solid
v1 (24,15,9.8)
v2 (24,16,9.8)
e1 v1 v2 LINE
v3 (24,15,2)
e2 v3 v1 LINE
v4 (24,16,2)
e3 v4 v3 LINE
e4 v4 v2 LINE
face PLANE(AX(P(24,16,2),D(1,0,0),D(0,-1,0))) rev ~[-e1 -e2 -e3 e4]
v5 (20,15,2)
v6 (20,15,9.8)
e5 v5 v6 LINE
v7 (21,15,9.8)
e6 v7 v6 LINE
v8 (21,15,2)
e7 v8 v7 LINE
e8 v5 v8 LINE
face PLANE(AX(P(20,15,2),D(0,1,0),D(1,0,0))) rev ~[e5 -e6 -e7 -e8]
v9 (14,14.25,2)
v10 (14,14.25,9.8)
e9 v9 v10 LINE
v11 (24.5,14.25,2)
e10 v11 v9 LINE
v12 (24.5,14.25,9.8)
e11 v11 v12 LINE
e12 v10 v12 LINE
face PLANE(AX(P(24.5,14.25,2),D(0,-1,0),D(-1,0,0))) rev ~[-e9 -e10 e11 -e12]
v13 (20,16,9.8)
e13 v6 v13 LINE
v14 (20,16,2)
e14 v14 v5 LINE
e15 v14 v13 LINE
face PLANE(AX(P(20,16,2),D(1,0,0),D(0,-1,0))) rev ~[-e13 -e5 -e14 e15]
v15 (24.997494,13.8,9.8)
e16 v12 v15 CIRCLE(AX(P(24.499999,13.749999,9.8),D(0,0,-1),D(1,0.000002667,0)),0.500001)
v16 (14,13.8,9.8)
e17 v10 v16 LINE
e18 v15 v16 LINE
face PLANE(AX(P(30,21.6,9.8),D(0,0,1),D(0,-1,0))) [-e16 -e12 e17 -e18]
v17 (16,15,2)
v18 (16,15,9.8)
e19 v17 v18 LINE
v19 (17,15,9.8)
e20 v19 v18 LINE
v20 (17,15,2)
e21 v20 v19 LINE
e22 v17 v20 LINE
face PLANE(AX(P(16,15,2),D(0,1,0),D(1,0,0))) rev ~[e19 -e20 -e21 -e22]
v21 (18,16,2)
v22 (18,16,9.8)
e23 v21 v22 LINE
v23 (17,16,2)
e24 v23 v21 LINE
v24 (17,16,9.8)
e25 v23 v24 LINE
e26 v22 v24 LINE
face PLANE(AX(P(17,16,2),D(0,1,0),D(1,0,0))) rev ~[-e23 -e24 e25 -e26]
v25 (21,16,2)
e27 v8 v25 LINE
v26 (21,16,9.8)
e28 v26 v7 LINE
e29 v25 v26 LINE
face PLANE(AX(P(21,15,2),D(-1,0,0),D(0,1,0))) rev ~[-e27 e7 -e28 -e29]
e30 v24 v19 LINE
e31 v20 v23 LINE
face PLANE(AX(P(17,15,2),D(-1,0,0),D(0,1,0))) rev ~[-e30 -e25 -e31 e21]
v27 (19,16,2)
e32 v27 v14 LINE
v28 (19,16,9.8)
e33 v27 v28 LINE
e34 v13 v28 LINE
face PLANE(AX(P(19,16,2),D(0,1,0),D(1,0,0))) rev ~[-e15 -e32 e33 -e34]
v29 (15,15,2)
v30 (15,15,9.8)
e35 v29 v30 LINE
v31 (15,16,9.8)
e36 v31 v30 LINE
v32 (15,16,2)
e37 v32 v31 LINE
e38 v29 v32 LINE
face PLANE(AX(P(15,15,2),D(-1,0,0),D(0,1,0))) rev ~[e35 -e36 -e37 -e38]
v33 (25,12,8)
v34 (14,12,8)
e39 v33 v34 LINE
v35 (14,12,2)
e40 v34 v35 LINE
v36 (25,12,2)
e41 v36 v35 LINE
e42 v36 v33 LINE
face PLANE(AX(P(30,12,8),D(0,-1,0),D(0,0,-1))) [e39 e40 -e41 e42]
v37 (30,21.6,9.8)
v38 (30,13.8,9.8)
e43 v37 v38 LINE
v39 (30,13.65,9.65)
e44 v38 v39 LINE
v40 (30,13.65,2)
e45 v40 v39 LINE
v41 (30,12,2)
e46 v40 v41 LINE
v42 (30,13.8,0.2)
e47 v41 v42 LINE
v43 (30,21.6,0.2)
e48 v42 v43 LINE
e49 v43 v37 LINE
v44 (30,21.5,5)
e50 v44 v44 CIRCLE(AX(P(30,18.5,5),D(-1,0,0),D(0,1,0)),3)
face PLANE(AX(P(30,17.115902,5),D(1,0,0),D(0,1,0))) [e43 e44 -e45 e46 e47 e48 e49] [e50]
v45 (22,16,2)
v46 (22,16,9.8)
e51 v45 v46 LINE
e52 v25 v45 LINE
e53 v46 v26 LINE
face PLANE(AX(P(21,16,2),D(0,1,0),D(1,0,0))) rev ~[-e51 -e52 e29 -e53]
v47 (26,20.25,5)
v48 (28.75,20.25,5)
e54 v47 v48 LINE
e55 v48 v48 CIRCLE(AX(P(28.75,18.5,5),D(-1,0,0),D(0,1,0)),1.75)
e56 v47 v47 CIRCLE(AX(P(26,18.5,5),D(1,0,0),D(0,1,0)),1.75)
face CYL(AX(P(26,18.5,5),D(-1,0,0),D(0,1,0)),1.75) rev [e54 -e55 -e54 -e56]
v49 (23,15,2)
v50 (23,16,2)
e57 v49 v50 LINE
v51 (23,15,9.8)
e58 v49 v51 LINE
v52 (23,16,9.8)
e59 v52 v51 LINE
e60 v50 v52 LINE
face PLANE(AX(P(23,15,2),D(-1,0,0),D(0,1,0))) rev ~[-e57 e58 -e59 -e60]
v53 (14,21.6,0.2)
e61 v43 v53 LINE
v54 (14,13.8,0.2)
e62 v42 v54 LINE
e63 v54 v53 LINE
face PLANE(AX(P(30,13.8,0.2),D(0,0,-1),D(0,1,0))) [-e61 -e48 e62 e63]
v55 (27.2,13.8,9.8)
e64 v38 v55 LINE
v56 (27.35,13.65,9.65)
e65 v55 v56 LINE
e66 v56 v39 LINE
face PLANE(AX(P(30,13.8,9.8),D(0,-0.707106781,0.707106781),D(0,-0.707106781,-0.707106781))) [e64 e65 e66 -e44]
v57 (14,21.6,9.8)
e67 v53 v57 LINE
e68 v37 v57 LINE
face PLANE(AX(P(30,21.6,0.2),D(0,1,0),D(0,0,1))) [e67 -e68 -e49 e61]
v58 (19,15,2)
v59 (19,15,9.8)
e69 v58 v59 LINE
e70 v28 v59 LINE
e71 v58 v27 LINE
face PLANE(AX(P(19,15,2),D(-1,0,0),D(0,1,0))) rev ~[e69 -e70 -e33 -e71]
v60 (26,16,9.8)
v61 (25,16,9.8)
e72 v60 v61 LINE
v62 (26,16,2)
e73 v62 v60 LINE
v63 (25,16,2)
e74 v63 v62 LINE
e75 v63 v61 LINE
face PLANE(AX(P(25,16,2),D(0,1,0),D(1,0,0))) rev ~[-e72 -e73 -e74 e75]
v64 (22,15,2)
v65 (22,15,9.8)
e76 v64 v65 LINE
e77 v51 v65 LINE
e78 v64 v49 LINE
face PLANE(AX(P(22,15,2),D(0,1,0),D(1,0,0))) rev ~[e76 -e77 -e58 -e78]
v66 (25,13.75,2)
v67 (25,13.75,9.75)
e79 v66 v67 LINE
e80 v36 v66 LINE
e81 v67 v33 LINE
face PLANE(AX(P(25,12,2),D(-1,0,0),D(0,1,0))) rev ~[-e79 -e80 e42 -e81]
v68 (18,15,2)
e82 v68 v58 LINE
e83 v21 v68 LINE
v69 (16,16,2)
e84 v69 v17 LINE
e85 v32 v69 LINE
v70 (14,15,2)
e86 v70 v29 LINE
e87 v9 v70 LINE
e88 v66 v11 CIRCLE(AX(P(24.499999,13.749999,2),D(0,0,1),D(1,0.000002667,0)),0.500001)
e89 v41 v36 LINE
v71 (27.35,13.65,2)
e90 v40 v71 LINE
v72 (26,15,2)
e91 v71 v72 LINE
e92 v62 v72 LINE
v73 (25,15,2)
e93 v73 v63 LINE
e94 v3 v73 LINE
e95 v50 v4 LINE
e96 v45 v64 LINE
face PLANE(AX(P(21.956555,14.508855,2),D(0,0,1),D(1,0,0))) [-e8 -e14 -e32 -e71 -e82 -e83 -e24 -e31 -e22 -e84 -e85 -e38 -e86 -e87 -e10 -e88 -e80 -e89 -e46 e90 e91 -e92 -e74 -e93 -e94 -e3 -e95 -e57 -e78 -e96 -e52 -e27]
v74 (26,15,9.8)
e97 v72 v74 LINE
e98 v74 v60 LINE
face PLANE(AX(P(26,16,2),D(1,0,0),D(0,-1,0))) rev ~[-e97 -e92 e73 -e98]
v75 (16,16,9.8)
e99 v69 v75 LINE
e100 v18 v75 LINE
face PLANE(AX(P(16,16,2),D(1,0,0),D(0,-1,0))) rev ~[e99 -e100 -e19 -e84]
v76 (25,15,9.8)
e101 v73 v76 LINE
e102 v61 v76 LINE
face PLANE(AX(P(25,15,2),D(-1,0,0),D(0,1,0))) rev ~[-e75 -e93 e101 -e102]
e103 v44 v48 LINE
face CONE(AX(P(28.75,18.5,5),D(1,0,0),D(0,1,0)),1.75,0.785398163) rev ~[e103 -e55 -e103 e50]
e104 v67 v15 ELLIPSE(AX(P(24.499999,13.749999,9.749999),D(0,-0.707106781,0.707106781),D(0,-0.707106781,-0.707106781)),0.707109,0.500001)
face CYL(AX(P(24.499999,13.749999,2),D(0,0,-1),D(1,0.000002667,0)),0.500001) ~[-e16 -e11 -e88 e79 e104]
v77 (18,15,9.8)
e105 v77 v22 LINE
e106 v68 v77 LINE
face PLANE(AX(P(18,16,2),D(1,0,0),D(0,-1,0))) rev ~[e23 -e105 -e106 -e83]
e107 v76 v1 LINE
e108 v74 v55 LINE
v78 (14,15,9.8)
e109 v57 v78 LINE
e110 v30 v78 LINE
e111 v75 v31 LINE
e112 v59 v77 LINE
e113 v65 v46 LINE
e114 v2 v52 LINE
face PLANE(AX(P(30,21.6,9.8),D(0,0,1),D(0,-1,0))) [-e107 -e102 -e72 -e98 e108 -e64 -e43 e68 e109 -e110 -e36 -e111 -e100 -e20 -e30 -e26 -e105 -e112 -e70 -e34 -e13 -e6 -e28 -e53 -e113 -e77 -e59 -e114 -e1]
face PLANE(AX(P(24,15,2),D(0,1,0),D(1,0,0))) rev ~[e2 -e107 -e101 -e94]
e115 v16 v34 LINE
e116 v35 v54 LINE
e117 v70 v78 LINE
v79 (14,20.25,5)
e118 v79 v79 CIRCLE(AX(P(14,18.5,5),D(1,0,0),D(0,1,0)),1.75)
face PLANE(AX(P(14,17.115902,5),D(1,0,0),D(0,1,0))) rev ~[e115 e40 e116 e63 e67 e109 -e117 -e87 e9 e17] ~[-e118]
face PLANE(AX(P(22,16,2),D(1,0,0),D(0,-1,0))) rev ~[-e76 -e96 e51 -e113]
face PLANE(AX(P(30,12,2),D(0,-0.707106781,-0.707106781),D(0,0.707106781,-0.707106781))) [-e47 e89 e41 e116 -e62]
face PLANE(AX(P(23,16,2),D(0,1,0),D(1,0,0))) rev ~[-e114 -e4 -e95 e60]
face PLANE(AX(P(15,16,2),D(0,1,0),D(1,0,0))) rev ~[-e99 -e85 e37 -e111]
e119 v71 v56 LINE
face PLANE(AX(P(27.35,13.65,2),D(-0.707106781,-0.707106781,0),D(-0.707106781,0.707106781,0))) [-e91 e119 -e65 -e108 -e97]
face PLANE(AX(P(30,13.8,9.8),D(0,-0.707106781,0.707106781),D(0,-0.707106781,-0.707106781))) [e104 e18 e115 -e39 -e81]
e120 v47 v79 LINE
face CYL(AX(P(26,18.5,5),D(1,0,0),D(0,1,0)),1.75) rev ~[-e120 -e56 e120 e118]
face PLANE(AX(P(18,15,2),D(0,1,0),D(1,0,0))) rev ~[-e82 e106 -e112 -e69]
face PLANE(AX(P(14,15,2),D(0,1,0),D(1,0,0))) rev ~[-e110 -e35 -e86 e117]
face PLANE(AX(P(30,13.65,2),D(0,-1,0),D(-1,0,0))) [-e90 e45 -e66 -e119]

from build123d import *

# Parameters (mm, degrees)
PAD021_DEPTH         = 16
SKETCH081_R          = 1.75
POCKET038_DEPTH      = 12.001
POCKET038_DEPTH_BACK = 4.001
POCKET181_DEPTH      = 7.801
CHAMFER006_SIZE      = 1.25


with BuildPart() as part:
    # Sketch078 → Pad021 (new body)
    with BuildSketch(Plane.YZ):
        Polygon((0, 3), (0, -3), (1.8, -4.8), (9.6, -4.8), (9.6, 4.8), (1.8, 4.8), align=None)
    extrude(amount=-PAD021_DEPTH)

    # Sketch081 → Pocket038 (cut, two sides)
    with BuildSketch(Plane.YZ.offset(-4)) as pocket038_sk:
        with Locations((6.5, 0)):
            Circle(SKETCH081_R)
    extrude(amount=-POCKET038_DEPTH, mode=Mode.SUBTRACT)
    extrude(pocket038_sk.sketch, amount=POCKET038_DEPTH_BACK, mode=Mode.SUBTRACT)

    # Sketch079 → Pocket181 (cut, through all)
    with BuildSketch(Plane.XY.offset(-3)):
        with BuildLine():
            Line((0, 1.65), (-2.65, 1.65))
            Line((-2.65, 1.65), (-4, 3))
            Line((-4, 4), (-4, 3))
            Line((-5, 4), (-4, 4))
            Line((-5, 3), (-5, 4))
            Line((-6, 3), (-5, 3))
            Line((-6, 4), (-6, 3))
            Line((-7, 4), (-6, 4))
            Line((-7, 3), (-7, 4))
            Line((-8, 3), (-7, 3))
            Line((-8, 4), (-8, 3))
            Line((-9, 4), (-8, 4))
            Line((-9, 3), (-9, 4))
            Line((-10, 3), (-9, 3))
            Line((-10, 4), (-10, 3))
            Line((-11, 4), (-10, 4))
            Line((-11, 3), (-11, 4))
            Line((-12, 3), (-11, 3))
            Line((-12, 4), (-12, 3))
            Line((-13, 4), (-12, 4))
            Line((-13, 3), (-13, 4))
            Line((-14, 3), (-13, 3))
            Line((-14, 4), (-14, 3))
            Line((-15, 4), (-14, 4))
            Line((-15, 3), (-15, 4))
            Line((-16, 3), (-15, 3))
            Line((-16, 2.25), (-16, 3))
            Line((-5.5, 2.25), (-16, 2.25))
            ThreePointArc((-5, 1.75), (-5.146447, 2.103553), (-5.5, 2.25))
            Line((-5, 0), (-5, 1.75))
            Line((0, 0), (-5, 0))
            Line((0, 1.65), (0, 0))
        make_face()
    extrude(amount=POCKET181_DEPTH, mode=Mode.SUBTRACT)

    # Chamfer006
    chamfer006_edges = [part.edges().sort_by_distance(p)[0] for p in [
        (0, 4.75, 0),
    ]]
    chamfer(chamfer006_edges, length=CHAMFER006_SIZE)


with BuildPart() as part_1:
    # Body059 placement: moved
    add(part.part.moved(Location((30, 12, 5))))


solid = part_1.part
